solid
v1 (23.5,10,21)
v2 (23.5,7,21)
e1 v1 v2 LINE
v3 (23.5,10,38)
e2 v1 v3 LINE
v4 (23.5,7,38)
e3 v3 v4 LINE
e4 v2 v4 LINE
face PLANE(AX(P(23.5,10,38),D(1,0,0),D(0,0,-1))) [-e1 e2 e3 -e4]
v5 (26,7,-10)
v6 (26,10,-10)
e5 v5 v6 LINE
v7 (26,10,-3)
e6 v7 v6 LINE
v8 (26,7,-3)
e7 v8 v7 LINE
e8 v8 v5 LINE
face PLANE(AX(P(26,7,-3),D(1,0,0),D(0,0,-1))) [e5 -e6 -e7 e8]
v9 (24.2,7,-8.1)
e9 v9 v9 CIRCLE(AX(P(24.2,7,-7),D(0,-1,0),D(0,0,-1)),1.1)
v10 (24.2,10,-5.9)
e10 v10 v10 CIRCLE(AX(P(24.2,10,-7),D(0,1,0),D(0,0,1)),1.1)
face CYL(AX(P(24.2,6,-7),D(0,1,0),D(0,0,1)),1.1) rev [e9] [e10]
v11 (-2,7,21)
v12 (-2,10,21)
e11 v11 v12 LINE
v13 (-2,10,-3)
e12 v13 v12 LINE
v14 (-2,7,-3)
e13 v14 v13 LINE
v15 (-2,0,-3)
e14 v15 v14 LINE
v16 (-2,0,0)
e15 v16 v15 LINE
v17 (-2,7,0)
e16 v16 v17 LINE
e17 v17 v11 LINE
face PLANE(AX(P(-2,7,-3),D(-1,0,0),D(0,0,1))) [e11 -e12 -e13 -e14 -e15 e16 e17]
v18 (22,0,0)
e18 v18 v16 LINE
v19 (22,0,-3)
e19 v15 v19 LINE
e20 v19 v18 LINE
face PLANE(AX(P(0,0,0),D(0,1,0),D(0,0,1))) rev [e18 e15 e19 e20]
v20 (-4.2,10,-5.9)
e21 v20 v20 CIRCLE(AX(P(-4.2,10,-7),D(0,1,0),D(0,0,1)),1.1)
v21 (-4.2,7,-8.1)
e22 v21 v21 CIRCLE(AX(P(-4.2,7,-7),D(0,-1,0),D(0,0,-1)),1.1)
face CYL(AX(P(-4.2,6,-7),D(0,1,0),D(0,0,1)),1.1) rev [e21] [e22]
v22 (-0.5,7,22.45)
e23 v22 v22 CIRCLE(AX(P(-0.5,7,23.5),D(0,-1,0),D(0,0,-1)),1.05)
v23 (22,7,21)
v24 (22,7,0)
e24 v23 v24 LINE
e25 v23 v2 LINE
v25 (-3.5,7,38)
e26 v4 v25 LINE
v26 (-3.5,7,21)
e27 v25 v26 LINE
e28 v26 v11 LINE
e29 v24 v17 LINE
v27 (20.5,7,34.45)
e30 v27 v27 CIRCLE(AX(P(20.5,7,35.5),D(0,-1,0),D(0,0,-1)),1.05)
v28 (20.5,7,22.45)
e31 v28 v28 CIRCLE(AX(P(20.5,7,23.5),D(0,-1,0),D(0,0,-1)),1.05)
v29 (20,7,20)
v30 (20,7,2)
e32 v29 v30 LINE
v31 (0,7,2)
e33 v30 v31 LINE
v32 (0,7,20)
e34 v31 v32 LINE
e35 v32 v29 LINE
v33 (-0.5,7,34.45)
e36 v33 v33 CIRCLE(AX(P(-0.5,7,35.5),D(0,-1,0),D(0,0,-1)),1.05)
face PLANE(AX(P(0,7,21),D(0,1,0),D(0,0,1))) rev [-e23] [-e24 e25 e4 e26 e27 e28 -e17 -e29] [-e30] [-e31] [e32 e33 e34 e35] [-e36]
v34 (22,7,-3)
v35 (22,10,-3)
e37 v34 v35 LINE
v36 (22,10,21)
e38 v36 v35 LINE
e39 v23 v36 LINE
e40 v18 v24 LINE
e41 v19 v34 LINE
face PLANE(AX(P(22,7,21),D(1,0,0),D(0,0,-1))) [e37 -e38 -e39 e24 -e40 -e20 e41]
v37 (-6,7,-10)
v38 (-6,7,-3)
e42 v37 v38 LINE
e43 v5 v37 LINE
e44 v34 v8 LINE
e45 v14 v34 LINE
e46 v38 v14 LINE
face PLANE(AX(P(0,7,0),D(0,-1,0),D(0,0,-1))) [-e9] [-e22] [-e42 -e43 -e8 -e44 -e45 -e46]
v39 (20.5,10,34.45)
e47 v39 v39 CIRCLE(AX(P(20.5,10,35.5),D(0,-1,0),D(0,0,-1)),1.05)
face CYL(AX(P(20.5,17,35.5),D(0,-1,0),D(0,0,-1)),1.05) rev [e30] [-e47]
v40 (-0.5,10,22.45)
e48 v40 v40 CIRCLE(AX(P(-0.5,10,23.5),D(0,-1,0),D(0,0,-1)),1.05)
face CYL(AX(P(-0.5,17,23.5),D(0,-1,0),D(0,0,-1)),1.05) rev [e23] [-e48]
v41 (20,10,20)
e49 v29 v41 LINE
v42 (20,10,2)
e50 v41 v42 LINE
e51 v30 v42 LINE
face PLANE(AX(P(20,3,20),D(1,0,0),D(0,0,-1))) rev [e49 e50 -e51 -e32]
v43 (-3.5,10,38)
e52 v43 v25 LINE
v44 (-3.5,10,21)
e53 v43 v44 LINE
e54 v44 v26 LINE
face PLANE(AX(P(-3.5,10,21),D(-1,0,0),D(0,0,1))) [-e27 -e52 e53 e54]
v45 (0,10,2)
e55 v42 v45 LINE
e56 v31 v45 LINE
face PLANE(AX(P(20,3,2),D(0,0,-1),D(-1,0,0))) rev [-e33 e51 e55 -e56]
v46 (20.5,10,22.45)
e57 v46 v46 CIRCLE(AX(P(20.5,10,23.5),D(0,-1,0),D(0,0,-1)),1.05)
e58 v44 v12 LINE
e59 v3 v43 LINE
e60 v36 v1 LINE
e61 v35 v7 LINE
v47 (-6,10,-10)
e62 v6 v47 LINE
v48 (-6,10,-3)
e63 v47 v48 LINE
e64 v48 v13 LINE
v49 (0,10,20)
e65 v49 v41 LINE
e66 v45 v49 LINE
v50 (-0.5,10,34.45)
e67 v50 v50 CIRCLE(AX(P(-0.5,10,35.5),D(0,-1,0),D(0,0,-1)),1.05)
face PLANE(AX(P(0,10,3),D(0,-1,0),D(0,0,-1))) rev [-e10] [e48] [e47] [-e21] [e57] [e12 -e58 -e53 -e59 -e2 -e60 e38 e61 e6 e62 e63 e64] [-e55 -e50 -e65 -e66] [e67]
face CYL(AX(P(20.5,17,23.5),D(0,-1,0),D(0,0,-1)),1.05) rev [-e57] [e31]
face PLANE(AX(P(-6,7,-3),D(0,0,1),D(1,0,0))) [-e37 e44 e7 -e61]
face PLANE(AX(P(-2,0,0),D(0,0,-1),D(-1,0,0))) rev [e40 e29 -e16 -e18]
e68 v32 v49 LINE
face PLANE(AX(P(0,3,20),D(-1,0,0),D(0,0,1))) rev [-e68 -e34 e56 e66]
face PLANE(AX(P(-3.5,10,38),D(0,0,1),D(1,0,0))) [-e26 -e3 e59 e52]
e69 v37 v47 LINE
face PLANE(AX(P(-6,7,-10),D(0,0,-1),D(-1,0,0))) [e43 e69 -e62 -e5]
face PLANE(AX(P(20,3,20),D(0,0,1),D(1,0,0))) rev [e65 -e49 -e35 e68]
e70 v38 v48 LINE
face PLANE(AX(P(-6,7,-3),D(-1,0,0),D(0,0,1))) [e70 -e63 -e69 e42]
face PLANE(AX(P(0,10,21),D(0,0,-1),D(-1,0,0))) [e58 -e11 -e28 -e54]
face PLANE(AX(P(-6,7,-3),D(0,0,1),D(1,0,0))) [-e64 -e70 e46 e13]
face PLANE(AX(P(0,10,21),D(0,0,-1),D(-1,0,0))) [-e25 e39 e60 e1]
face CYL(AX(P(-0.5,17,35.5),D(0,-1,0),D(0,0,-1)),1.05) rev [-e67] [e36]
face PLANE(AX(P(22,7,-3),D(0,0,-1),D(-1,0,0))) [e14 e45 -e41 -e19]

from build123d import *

# Parameters (mm, degrees)
SKETCH_1_W          = 20
SKETCH_1_H          = 10
EXTRUDE_1_DEPTH     = 3
SKETCH_2_W          = 20
SKETCH_2_H          = 3
EXTRUDE_2_DEPTH     = 18
SKETCH_3_W          = 16
SKETCH_3_H          = 12
CUT_EXTRUDE_1_DEPTH = 8
EXTRUDE_3_DEPTH     = 3
SKETCH_5_R          = 1.05
CUT_EXTRUDE_2_DEPTH = 10
FILLET_2_R          = 1
FILLET_3_R          = 1
FILLET_4_R          = 1
SKETCH_6_W          = 20
SKETCH_6_H          = 21
CUT_EXTRUDE_3_DEPTH = 10
SKETCH_7_W          = 24
SKETCH_7_H          = 24
EXTRUDE_4_DEPTH     = 3
SKETCH_8_W          = 24
SKETCH_8_H          = 3
EXTRUDE_5_DEPTH     = 7
SKETCH_9_W          = 20
SKETCH_9_H          = 18
CUT_EXTRUDE_4_DEPTH = 7
SKETCH_10_W         = 32
SKETCH_10_H         = 7
EXTRUDE_6_DEPTH     = 3
SKETCH_11_R         = 1.1
CUT_EXTRUDE_5_DEPTH = 4


with BuildPart() as part:
    # 草图1 → 凸台-拉伸1 (new body)
    with BuildSketch(Plane.XY):
        with Locations((10, 5)):
            Rectangle(SKETCH_1_W, SKETCH_1_H)
    extrude(amount=EXTRUDE_1_DEPTH)

    # 草图2 → 凸台-拉伸2 (add)
    with BuildSketch(Plane.XY.offset(3)):
        with Locations((10, 8.5)):
            Rectangle(SKETCH_2_W, SKETCH_2_H)
    extrude(amount=EXTRUDE_2_DEPTH)

    # 草图3 → 切除-拉伸1 (cut)
    with BuildSketch(Plane.XZ.offset(-7)):
        with Locations((10, 12)):
            Rectangle(SKETCH_3_W, SKETCH_3_H)
    extrude(amount=-CUT_EXTRUDE_1_DEPTH, mode=Mode.SUBTRACT)

    # 草图4 → 凸台-拉伸3 (add)
    with BuildSketch(Plane.XZ.offset(-7)):
        Polygon((0, 21), (-3.5, 21), (-3.5, 38), (23.5, 38), (23.5, 21), align=None)
    extrude(amount=-EXTRUDE_3_DEPTH)

    # 草图5 → 切除-拉伸2 (cut)
    with BuildSketch(Plane.XZ.offset(-7)):
        with Locations((-0.5, 23.5)):
            Circle(SKETCH_5_R)
        with Locations((20.5, 23.5)):
            Circle(SKETCH_5_R)
        with Locations((20.5, 35.5)):
            Circle(SKETCH_5_R)
        with Locations((-0.5, 35.5)):
            Circle(SKETCH_5_R)
    extrude(amount=-CUT_EXTRUDE_2_DEPTH, mode=Mode.SUBTRACT)

    # 圆角2
    fillet_2_edges = [part.edges().sort_by_distance(p)[0] for p in [
        (10, 0, 3),
    ]]
    fillet(fillet_2_edges, radius=FILLET_2_R)

    # 圆角3
    fillet_3_edges = [part.edges().sort_by_distance(p)[0] for p in [
        (0, 4, 3),
        (20, 4, 3),
        (20, 0, 1),
        (20, 0.292893219, 2.707106781),
        (0, 0, 1),
        (0, 0.292893219, 2.707106781),
    ]]
    fillet(fillet_3_edges, radius=FILLET_3_R)

    # 圆角4
    fillet_4_edges = [part.edges().sort_by_distance(p)[0] for p in [
        (2, 7, 12),
        (10, 7, 6),
        (18, 7, 12),
        (10, 7, 18),
    ]]
    fillet(fillet_4_edges, radius=FILLET_4_R)

    # 草图6 → 切除-拉伸3 (cut)
    with BuildSketch(Plane(origin=(0, 10, 0), x_dir=(1, 0, 0), z_dir=(0, 1, 0))):
        with Locations((10, -10.5)):
            Rectangle(SKETCH_6_W, SKETCH_6_H)
    extrude(amount=-CUT_EXTRUDE_3_DEPTH, mode=Mode.SUBTRACT)

    # 草图7 → 凸台-拉伸4 (add)
    with BuildSketch(Plane(origin=(0, 10, 0), x_dir=(1, 0, 0), z_dir=(0, 1, 0))):
        with Locations((10, -9)):
            Rectangle(SKETCH_7_W, SKETCH_7_H)
    extrude(amount=-EXTRUDE_4_DEPTH)

    # 草图8 → 凸台-拉伸5 (add)
    with BuildSketch(Plane.XZ.offset(-7)):
        with Locations((10, -1.5)):
            Rectangle(SKETCH_8_W, SKETCH_8_H)
    extrude(amount=EXTRUDE_5_DEPTH)

    # 草图9 → 切除-拉伸4 (cut)
    with BuildSketch(Plane(origin=(0, 10, 0), x_dir=(1, 0, 0), z_dir=(0, 1, 0))):
        with Locations((10, -11)):
            Rectangle(SKETCH_9_W, SKETCH_9_H)
    extrude(amount=-CUT_EXTRUDE_4_DEPTH, mode=Mode.SUBTRACT)

    # 草图10 → 凸台-拉伸6 (add)
    with BuildSketch(Plane(origin=(0, 10, 0), x_dir=(1, 0, 0), z_dir=(0, 1, 0))):
        with Locations((10, 6.5)):
            Rectangle(SKETCH_10_W, SKETCH_10_H)
    extrude(amount=-EXTRUDE_6_DEPTH)

    # 草图11 → 切除-拉伸5 (cut)
    with BuildSketch(Plane(origin=(0, 10, 0), x_dir=(1, 0, 0), z_dir=(0, 1, 0))):
        with Locations((-4.2, 7)):
            Circle(SKETCH_11_R)
        with Locations((24.2, 7)):
            Circle(SKETCH_11_R)
    extrude(amount=-CUT_EXTRUDE_5_DEPTH, mode=Mode.SUBTRACT)


solid = part.part
